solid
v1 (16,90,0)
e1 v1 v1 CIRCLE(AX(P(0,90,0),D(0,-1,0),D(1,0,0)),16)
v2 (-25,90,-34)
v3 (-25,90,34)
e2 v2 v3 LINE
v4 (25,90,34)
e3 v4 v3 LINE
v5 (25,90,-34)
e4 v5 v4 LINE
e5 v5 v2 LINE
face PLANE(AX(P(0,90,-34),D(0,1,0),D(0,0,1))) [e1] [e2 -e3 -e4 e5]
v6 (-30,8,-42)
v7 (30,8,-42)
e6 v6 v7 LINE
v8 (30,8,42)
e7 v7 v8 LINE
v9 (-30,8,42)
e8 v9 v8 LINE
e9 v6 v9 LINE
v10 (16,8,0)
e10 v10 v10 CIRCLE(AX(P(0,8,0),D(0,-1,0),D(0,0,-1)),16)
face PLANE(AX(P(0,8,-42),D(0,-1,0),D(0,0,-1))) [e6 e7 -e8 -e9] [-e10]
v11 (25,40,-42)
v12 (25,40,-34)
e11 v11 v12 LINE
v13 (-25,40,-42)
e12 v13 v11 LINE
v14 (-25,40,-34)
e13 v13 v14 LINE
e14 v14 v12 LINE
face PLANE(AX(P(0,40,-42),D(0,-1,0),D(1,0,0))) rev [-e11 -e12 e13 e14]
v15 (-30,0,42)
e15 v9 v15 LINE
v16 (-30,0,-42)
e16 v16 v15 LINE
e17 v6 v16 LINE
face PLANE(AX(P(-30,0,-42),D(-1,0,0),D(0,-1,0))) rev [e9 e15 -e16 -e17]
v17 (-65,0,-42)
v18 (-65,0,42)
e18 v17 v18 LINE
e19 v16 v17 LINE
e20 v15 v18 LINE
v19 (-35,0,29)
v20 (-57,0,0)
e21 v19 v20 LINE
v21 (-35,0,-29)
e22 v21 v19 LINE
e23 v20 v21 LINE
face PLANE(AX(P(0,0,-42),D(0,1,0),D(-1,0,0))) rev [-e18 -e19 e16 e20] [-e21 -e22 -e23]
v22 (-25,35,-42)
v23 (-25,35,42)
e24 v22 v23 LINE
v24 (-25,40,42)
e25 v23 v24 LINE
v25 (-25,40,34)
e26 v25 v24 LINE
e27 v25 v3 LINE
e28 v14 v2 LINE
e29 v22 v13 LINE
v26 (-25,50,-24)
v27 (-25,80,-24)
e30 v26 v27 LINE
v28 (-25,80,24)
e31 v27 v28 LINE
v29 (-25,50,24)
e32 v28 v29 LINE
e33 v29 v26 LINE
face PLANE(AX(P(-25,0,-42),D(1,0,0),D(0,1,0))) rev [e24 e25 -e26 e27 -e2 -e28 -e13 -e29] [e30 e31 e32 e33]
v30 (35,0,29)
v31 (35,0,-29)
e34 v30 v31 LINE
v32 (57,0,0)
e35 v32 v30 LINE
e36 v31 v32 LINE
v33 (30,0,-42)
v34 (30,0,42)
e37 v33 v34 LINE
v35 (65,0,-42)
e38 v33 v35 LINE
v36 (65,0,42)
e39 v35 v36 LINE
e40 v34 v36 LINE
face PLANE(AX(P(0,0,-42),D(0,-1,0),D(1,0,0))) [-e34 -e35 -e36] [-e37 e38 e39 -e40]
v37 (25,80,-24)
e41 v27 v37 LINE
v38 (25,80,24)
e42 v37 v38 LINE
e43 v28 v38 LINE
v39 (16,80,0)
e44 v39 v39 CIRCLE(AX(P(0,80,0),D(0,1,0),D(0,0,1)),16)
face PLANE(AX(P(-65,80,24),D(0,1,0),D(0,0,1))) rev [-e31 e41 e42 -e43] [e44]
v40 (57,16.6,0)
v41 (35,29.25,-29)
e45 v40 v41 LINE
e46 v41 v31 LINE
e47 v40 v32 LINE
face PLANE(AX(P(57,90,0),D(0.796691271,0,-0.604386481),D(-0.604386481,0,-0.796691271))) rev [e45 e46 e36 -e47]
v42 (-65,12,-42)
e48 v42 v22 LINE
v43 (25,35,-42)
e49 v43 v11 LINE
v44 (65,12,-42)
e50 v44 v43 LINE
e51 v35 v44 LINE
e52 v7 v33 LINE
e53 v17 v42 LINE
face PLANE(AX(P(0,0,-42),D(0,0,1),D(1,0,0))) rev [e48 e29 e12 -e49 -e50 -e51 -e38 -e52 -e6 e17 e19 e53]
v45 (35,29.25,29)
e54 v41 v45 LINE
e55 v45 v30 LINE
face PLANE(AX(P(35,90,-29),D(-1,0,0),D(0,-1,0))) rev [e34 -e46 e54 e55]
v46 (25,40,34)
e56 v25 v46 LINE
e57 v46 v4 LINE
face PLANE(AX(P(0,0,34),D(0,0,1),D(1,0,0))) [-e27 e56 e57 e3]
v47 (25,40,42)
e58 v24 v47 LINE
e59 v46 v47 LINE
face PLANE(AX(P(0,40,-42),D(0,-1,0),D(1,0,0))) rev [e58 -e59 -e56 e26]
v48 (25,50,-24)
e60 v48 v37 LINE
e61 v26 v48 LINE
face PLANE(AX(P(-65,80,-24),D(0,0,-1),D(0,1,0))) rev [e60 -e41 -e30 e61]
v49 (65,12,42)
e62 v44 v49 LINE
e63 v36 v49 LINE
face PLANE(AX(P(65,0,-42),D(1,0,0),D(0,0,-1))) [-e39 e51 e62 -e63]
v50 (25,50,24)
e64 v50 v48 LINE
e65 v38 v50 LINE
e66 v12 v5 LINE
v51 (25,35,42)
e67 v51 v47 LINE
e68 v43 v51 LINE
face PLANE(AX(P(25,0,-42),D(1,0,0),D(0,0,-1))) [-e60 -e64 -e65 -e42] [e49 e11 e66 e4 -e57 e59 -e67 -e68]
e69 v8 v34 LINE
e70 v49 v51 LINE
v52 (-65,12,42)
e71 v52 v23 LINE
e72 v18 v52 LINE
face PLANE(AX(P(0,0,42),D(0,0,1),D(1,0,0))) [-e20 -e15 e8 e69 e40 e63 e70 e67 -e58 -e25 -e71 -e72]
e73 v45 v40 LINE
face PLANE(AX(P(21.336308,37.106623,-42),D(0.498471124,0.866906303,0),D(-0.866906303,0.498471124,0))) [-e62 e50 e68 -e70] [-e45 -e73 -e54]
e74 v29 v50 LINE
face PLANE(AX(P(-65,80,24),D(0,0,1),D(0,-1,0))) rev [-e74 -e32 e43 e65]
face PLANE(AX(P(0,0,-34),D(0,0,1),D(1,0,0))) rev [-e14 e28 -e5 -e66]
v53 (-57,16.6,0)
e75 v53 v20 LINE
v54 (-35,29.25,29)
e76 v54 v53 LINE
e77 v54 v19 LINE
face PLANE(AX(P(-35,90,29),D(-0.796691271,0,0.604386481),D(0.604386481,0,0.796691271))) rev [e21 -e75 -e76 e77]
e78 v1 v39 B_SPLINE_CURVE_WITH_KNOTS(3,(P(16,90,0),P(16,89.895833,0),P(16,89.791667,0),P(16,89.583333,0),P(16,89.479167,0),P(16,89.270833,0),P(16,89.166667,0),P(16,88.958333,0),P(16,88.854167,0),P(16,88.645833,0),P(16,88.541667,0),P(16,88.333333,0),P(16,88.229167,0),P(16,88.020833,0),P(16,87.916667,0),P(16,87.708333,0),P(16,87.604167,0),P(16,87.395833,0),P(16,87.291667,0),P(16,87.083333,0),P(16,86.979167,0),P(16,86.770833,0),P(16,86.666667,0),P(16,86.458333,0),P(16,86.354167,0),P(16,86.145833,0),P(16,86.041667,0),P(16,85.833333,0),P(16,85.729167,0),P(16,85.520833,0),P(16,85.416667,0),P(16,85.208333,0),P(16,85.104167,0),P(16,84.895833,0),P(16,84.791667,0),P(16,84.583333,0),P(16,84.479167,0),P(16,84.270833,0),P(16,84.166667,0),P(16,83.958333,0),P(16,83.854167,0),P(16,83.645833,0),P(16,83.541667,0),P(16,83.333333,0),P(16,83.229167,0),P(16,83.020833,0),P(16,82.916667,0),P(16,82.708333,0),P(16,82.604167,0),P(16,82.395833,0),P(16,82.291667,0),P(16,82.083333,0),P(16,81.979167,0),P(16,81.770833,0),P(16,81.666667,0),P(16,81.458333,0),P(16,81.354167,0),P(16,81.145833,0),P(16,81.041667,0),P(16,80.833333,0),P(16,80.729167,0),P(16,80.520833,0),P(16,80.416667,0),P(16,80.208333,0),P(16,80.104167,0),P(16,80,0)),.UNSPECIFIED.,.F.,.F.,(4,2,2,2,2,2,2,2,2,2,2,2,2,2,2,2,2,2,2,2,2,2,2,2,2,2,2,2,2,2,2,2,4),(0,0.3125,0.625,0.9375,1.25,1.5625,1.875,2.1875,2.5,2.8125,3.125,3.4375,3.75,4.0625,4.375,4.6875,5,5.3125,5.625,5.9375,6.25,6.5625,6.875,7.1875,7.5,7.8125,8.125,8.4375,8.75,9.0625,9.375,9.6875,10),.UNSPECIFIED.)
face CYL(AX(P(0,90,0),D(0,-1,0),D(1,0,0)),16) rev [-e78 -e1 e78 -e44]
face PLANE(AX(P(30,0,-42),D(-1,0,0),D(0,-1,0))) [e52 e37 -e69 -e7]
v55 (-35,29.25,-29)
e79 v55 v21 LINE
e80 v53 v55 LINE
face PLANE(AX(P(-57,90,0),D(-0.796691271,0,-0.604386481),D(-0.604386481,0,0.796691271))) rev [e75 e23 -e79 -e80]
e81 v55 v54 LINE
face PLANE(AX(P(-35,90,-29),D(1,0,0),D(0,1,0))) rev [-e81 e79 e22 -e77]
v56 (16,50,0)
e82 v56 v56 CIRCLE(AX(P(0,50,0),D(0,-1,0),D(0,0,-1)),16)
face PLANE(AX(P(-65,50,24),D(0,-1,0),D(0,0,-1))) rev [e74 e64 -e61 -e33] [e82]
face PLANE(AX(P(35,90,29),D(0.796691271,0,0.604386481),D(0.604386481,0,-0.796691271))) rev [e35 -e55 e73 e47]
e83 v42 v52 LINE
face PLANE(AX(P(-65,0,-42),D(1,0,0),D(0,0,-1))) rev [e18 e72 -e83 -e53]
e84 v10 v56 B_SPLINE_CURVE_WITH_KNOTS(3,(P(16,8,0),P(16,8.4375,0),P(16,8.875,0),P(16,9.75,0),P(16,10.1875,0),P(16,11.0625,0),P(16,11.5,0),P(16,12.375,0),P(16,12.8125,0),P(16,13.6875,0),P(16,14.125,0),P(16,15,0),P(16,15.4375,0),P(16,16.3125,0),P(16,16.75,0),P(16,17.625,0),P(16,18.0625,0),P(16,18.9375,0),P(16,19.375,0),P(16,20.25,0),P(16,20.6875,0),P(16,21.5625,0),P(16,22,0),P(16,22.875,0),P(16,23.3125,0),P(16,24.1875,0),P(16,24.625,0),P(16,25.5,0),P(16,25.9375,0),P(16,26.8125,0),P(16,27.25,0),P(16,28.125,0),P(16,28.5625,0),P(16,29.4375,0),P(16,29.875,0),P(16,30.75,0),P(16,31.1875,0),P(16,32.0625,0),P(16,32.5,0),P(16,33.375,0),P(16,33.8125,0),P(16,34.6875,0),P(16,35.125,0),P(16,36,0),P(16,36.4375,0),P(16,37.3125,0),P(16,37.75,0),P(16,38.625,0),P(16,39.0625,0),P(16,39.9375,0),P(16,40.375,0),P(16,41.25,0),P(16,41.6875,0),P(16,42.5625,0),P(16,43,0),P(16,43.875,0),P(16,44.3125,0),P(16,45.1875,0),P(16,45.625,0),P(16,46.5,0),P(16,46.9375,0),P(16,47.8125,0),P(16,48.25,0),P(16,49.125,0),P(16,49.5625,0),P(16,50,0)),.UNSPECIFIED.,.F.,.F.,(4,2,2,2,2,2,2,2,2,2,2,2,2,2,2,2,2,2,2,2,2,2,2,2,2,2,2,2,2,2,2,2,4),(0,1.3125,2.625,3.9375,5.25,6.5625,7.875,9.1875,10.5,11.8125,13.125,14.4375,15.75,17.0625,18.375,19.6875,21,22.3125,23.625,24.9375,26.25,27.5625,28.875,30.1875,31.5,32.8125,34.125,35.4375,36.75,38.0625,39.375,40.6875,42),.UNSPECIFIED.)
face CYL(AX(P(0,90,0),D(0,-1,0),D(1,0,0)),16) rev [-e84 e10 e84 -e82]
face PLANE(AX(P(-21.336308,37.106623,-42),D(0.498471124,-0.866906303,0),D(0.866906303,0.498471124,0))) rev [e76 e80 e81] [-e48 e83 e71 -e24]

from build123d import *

# Parameters (mm, degrees)
BOSS_EXTRUDE1_DEPTH      = 42
BOSS_EXTRUDE1_DEPTH_BACK = 42
BOSS_EXTRUDE2_DEPTH      = 34
BOSS_EXTRUDE2_DEPTH_BACK = 34
SKETCH1_3_W              = 50
SKETCH1_3_H              = 50
SKETCH2_W                = 48
SKETCH2_H                = 30
CUT_EXTRUDE1_DEPTH       = 135.029847422
SKETCH3_R                = 16
CUT_EXTRUDE2_DEPTH       = 119.697093477


with BuildPart() as part:
    # Sketch1 → Boss-Extrude1 (new, two sides: drawn at the far end of the back side and taken through both)
    with BuildSketch(Plane.XY.offset(-BOSS_EXTRUDE1_DEPTH_BACK)):
        Polygon((-30, 0), (-30, 8), (30, 8), (30, 0), (65, 0), (65, 12), (25, 35), (25, 40), (-25, 40), (-25, 35), (-65, 12), (-65, 0), align=None)
    extrude(amount=BOSS_EXTRUDE1_DEPTH + BOSS_EXTRUDE1_DEPTH_BACK)

    # Sketch1<3> → Boss-Extrude2 (add, two sides: drawn at the far end of the back side and taken through both)
    with BuildSketch(Plane.XY.offset(-BOSS_EXTRUDE2_DEPTH_BACK)):
        with Locations((0, 65)):
            Rectangle(SKETCH1_3_W, SKETCH1_3_H)
    extrude(amount=BOSS_EXTRUDE2_DEPTH + BOSS_EXTRUDE2_DEPTH_BACK)

    # Sketch2 → Cut-Extrude1 (cut, through all)
    with BuildSketch(Plane(origin=(25, 0, 0), x_dir=(0, 0, -1), z_dir=(1, 0, 0))):
        with Locations((0, 65)):
            Rectangle(SKETCH2_W, SKETCH2_H)
    extrude(amount=-CUT_EXTRUDE1_DEPTH, mode=Mode.SUBTRACT)

    # Sketch3 → Cut-Extrude2 (cut, through all)
    with BuildSketch(Plane.XZ):
        Circle(SKETCH3_R)
        Polygon((-35, 29), (-57, 0), (-35, -29), align=None)
        Polygon((35, -29), (35, 29), (57, 0), align=None)
    extrude(amount=-CUT_EXTRUDE2_DEPTH, mode=Mode.SUBTRACT)


solid = part.part
